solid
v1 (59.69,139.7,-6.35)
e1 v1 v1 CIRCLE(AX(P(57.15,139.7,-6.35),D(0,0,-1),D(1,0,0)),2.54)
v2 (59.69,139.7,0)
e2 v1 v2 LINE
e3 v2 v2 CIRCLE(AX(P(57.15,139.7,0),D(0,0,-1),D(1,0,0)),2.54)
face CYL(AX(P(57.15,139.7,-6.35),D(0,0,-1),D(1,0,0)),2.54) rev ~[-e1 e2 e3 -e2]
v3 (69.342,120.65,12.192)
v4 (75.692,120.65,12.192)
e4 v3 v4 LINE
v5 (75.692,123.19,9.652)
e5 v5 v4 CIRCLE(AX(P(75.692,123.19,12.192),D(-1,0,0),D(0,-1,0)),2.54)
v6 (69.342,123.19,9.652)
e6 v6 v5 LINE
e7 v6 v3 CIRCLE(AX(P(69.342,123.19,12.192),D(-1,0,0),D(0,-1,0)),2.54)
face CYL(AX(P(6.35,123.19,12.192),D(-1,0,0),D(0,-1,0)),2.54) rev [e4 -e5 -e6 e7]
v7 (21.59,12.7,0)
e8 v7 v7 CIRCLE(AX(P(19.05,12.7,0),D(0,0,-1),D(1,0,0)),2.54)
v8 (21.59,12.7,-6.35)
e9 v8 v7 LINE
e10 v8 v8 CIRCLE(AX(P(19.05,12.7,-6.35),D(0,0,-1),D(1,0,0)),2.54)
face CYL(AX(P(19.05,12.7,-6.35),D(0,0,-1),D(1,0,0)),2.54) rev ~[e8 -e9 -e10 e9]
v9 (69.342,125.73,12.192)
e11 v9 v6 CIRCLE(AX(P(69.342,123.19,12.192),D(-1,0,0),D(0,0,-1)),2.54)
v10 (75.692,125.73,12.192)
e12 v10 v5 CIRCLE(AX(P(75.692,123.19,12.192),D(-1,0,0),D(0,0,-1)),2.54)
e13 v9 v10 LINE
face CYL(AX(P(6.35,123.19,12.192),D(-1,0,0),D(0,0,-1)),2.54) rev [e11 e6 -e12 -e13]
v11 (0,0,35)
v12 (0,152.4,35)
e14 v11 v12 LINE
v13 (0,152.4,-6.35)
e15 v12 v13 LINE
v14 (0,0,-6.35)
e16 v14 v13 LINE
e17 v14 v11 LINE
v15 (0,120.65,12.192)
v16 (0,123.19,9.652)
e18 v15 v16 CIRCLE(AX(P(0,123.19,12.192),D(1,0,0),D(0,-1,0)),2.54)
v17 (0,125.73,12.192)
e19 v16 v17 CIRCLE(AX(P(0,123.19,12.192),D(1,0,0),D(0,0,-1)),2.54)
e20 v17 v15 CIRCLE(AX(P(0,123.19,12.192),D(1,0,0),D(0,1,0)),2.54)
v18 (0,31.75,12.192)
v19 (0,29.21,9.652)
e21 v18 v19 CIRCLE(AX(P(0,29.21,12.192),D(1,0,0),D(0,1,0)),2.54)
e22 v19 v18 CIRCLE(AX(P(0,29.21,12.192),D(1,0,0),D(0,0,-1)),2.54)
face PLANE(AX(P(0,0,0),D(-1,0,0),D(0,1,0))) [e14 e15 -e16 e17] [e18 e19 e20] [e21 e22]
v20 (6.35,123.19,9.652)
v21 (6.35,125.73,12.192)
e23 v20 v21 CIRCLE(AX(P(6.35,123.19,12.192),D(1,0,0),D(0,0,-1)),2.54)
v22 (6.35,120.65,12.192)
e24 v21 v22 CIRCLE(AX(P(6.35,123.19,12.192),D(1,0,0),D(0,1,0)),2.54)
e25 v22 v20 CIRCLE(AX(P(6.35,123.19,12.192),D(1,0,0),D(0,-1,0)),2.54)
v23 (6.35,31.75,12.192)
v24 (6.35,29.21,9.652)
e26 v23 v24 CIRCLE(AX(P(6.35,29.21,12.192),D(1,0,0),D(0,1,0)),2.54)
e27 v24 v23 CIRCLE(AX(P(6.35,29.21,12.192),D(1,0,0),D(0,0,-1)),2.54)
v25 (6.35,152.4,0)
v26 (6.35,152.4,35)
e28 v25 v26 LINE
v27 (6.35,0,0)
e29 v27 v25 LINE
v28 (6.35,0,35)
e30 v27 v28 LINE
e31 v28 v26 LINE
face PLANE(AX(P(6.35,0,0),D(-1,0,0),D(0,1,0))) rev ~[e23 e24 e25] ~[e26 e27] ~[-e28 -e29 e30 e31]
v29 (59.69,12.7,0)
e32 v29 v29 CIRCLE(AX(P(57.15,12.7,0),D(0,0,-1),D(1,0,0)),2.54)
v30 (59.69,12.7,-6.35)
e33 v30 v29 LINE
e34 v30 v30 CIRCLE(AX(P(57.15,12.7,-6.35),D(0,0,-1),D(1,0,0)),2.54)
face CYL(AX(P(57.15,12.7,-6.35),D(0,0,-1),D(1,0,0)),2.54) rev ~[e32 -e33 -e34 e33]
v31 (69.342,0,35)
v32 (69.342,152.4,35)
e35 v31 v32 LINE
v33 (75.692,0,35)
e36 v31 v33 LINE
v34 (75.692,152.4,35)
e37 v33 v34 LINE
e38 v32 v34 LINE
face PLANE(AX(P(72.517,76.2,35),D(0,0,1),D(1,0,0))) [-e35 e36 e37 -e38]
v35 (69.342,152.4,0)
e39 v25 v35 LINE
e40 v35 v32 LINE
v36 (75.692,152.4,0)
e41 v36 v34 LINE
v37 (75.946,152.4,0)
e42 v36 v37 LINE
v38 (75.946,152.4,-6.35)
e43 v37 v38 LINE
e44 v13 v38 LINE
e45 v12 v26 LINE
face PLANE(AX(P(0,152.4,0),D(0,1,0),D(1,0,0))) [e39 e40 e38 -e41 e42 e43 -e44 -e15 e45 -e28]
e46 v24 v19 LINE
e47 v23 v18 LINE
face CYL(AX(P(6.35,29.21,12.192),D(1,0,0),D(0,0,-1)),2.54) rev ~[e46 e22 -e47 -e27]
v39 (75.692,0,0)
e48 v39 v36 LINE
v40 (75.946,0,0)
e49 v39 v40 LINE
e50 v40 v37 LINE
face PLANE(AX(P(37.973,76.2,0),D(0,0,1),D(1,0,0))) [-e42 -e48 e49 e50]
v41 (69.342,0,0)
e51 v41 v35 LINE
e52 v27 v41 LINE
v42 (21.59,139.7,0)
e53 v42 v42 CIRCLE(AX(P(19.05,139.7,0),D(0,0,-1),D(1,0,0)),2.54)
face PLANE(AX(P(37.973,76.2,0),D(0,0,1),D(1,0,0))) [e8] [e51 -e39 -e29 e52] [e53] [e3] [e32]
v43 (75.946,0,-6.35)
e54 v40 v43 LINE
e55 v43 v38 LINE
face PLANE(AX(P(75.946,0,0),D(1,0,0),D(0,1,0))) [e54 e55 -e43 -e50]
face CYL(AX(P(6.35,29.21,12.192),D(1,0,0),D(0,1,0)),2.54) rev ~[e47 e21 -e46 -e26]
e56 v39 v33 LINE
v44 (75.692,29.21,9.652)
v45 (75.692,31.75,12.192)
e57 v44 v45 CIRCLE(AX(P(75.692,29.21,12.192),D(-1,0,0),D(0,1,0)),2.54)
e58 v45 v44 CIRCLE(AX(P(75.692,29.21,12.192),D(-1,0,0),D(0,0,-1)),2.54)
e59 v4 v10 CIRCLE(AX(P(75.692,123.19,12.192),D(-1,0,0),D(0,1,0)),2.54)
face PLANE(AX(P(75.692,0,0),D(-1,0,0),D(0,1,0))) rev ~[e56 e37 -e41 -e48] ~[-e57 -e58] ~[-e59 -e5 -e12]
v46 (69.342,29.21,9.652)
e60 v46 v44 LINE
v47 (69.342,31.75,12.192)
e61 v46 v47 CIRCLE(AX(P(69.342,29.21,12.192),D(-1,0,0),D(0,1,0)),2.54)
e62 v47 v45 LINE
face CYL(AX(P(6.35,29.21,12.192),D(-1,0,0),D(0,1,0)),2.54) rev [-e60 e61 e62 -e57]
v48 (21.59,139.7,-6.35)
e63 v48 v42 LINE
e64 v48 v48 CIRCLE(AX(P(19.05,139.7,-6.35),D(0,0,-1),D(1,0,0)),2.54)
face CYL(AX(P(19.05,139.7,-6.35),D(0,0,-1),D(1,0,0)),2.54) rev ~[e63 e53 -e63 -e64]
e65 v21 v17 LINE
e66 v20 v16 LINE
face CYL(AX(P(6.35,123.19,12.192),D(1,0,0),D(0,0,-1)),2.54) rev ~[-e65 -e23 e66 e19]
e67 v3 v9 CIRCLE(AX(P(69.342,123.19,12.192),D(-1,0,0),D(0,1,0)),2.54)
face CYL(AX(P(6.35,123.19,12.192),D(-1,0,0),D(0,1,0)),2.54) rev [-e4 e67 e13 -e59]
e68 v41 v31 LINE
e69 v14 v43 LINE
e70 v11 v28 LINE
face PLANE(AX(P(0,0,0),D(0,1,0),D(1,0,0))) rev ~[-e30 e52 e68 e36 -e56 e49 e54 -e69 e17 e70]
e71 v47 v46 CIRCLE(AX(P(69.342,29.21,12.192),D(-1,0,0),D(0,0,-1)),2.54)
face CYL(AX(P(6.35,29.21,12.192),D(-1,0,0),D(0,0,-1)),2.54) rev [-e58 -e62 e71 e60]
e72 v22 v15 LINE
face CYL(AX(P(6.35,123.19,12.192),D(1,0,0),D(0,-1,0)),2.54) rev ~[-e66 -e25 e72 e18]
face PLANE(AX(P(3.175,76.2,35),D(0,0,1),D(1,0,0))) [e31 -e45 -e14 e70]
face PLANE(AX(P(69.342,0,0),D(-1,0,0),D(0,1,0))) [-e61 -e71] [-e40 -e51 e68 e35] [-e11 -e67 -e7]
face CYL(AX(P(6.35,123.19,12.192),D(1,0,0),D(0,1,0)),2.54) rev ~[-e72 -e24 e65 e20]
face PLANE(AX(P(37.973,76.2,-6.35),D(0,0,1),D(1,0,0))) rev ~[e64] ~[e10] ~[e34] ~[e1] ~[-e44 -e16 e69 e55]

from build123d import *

# Parameters (mm, degrees)
F0_W          = 75.946
F0_H          = 152.4
F2_DEPTH      = 6.35
F1_W          = 6.35
F1_H          = 152.4
F3_DEPTH      = 35
F4_R          = 2.54
F5_DEPTH      = 41.351
F7_DEPTH      = 6.351
F7_DEPTH_BACK = 69.597


with BuildPart() as f2:
    # F0 (on Top) → F2 (new body)
    with BuildSketch(Plane.XY):
        with Locations((37.973, 76.2)):
            Rectangle(F0_W, F0_H)
    extrude(amount=-F2_DEPTH)

    # F1 (on face) → F3 (join)
    with BuildSketch(Plane.XY):
        with Locations((3.175, 76.2)):
            Rectangle(F1_W, F1_H)
        with Locations((72.517, 76.2)):
            Rectangle(F1_W, F1_H)
    extrude(amount=F3_DEPTH)

    # F4 (on face) → F5 (cut, through all)
    with BuildSketch(Plane(origin=(0, 0, -6.35), x_dir=(1, 0, 0), z_dir=(0, 0, -1))):
        with Locations((57.15, -12.7)):
            Circle(F4_R)
        with Locations((19.05, -12.7)):
            Circle(F4_R)
        with Locations((19.05, -139.7)):
            Circle(F4_R)
        with Locations((57.15, -139.7)):
            Circle(F4_R)
    extrude(amount=-F5_DEPTH, mode=Mode.SUBTRACT)

    # F6 (on face) → F7 (cut, two sides)
    with BuildSketch(Plane.YZ.offset(6.35)) as f7_sk:
        with BuildLine():
            ThreePointArc((31.75, 12.192), (27.4139487758, 13.9880512242), (29.21, 9.652))
            Line((29.21, 9.652), (29.21, 12.192))
            Line((29.21, 12.192), (31.75, 12.192))
        make_face()
        with BuildLine():
            ThreePointArc((125.73, 12.192), (123.19, 14.732), (120.65, 12.192))
            Line((120.65, 12.192), (123.19, 12.192))
            Line((123.19, 12.192), (123.19, 9.652))
            ThreePointArc((123.19, 9.652), (124.9860512242, 10.3959487758), (125.73, 12.192))
        make_face()
        with BuildLine():
            Line((123.19, 12.192), (120.65, 12.192))
            ThreePointArc((120.65, 12.192), (121.3939487758, 10.3959487758), (123.19, 9.652))
            Line((123.19, 9.652), (123.19, 12.192))
        make_face()
        with BuildLine():
            Line((29.21, 12.192), (29.21, 9.652))
            ThreePointArc((29.21, 9.652), (31.0060512242, 10.3959487758), (31.75, 12.192))
            Line((31.75, 12.192), (29.21, 12.192))
        make_face()
    extrude(amount=-F7_DEPTH, mode=Mode.SUBTRACT)
    extrude(f7_sk.sketch, amount=F7_DEPTH_BACK, mode=Mode.SUBTRACT)


solid = f2.part
